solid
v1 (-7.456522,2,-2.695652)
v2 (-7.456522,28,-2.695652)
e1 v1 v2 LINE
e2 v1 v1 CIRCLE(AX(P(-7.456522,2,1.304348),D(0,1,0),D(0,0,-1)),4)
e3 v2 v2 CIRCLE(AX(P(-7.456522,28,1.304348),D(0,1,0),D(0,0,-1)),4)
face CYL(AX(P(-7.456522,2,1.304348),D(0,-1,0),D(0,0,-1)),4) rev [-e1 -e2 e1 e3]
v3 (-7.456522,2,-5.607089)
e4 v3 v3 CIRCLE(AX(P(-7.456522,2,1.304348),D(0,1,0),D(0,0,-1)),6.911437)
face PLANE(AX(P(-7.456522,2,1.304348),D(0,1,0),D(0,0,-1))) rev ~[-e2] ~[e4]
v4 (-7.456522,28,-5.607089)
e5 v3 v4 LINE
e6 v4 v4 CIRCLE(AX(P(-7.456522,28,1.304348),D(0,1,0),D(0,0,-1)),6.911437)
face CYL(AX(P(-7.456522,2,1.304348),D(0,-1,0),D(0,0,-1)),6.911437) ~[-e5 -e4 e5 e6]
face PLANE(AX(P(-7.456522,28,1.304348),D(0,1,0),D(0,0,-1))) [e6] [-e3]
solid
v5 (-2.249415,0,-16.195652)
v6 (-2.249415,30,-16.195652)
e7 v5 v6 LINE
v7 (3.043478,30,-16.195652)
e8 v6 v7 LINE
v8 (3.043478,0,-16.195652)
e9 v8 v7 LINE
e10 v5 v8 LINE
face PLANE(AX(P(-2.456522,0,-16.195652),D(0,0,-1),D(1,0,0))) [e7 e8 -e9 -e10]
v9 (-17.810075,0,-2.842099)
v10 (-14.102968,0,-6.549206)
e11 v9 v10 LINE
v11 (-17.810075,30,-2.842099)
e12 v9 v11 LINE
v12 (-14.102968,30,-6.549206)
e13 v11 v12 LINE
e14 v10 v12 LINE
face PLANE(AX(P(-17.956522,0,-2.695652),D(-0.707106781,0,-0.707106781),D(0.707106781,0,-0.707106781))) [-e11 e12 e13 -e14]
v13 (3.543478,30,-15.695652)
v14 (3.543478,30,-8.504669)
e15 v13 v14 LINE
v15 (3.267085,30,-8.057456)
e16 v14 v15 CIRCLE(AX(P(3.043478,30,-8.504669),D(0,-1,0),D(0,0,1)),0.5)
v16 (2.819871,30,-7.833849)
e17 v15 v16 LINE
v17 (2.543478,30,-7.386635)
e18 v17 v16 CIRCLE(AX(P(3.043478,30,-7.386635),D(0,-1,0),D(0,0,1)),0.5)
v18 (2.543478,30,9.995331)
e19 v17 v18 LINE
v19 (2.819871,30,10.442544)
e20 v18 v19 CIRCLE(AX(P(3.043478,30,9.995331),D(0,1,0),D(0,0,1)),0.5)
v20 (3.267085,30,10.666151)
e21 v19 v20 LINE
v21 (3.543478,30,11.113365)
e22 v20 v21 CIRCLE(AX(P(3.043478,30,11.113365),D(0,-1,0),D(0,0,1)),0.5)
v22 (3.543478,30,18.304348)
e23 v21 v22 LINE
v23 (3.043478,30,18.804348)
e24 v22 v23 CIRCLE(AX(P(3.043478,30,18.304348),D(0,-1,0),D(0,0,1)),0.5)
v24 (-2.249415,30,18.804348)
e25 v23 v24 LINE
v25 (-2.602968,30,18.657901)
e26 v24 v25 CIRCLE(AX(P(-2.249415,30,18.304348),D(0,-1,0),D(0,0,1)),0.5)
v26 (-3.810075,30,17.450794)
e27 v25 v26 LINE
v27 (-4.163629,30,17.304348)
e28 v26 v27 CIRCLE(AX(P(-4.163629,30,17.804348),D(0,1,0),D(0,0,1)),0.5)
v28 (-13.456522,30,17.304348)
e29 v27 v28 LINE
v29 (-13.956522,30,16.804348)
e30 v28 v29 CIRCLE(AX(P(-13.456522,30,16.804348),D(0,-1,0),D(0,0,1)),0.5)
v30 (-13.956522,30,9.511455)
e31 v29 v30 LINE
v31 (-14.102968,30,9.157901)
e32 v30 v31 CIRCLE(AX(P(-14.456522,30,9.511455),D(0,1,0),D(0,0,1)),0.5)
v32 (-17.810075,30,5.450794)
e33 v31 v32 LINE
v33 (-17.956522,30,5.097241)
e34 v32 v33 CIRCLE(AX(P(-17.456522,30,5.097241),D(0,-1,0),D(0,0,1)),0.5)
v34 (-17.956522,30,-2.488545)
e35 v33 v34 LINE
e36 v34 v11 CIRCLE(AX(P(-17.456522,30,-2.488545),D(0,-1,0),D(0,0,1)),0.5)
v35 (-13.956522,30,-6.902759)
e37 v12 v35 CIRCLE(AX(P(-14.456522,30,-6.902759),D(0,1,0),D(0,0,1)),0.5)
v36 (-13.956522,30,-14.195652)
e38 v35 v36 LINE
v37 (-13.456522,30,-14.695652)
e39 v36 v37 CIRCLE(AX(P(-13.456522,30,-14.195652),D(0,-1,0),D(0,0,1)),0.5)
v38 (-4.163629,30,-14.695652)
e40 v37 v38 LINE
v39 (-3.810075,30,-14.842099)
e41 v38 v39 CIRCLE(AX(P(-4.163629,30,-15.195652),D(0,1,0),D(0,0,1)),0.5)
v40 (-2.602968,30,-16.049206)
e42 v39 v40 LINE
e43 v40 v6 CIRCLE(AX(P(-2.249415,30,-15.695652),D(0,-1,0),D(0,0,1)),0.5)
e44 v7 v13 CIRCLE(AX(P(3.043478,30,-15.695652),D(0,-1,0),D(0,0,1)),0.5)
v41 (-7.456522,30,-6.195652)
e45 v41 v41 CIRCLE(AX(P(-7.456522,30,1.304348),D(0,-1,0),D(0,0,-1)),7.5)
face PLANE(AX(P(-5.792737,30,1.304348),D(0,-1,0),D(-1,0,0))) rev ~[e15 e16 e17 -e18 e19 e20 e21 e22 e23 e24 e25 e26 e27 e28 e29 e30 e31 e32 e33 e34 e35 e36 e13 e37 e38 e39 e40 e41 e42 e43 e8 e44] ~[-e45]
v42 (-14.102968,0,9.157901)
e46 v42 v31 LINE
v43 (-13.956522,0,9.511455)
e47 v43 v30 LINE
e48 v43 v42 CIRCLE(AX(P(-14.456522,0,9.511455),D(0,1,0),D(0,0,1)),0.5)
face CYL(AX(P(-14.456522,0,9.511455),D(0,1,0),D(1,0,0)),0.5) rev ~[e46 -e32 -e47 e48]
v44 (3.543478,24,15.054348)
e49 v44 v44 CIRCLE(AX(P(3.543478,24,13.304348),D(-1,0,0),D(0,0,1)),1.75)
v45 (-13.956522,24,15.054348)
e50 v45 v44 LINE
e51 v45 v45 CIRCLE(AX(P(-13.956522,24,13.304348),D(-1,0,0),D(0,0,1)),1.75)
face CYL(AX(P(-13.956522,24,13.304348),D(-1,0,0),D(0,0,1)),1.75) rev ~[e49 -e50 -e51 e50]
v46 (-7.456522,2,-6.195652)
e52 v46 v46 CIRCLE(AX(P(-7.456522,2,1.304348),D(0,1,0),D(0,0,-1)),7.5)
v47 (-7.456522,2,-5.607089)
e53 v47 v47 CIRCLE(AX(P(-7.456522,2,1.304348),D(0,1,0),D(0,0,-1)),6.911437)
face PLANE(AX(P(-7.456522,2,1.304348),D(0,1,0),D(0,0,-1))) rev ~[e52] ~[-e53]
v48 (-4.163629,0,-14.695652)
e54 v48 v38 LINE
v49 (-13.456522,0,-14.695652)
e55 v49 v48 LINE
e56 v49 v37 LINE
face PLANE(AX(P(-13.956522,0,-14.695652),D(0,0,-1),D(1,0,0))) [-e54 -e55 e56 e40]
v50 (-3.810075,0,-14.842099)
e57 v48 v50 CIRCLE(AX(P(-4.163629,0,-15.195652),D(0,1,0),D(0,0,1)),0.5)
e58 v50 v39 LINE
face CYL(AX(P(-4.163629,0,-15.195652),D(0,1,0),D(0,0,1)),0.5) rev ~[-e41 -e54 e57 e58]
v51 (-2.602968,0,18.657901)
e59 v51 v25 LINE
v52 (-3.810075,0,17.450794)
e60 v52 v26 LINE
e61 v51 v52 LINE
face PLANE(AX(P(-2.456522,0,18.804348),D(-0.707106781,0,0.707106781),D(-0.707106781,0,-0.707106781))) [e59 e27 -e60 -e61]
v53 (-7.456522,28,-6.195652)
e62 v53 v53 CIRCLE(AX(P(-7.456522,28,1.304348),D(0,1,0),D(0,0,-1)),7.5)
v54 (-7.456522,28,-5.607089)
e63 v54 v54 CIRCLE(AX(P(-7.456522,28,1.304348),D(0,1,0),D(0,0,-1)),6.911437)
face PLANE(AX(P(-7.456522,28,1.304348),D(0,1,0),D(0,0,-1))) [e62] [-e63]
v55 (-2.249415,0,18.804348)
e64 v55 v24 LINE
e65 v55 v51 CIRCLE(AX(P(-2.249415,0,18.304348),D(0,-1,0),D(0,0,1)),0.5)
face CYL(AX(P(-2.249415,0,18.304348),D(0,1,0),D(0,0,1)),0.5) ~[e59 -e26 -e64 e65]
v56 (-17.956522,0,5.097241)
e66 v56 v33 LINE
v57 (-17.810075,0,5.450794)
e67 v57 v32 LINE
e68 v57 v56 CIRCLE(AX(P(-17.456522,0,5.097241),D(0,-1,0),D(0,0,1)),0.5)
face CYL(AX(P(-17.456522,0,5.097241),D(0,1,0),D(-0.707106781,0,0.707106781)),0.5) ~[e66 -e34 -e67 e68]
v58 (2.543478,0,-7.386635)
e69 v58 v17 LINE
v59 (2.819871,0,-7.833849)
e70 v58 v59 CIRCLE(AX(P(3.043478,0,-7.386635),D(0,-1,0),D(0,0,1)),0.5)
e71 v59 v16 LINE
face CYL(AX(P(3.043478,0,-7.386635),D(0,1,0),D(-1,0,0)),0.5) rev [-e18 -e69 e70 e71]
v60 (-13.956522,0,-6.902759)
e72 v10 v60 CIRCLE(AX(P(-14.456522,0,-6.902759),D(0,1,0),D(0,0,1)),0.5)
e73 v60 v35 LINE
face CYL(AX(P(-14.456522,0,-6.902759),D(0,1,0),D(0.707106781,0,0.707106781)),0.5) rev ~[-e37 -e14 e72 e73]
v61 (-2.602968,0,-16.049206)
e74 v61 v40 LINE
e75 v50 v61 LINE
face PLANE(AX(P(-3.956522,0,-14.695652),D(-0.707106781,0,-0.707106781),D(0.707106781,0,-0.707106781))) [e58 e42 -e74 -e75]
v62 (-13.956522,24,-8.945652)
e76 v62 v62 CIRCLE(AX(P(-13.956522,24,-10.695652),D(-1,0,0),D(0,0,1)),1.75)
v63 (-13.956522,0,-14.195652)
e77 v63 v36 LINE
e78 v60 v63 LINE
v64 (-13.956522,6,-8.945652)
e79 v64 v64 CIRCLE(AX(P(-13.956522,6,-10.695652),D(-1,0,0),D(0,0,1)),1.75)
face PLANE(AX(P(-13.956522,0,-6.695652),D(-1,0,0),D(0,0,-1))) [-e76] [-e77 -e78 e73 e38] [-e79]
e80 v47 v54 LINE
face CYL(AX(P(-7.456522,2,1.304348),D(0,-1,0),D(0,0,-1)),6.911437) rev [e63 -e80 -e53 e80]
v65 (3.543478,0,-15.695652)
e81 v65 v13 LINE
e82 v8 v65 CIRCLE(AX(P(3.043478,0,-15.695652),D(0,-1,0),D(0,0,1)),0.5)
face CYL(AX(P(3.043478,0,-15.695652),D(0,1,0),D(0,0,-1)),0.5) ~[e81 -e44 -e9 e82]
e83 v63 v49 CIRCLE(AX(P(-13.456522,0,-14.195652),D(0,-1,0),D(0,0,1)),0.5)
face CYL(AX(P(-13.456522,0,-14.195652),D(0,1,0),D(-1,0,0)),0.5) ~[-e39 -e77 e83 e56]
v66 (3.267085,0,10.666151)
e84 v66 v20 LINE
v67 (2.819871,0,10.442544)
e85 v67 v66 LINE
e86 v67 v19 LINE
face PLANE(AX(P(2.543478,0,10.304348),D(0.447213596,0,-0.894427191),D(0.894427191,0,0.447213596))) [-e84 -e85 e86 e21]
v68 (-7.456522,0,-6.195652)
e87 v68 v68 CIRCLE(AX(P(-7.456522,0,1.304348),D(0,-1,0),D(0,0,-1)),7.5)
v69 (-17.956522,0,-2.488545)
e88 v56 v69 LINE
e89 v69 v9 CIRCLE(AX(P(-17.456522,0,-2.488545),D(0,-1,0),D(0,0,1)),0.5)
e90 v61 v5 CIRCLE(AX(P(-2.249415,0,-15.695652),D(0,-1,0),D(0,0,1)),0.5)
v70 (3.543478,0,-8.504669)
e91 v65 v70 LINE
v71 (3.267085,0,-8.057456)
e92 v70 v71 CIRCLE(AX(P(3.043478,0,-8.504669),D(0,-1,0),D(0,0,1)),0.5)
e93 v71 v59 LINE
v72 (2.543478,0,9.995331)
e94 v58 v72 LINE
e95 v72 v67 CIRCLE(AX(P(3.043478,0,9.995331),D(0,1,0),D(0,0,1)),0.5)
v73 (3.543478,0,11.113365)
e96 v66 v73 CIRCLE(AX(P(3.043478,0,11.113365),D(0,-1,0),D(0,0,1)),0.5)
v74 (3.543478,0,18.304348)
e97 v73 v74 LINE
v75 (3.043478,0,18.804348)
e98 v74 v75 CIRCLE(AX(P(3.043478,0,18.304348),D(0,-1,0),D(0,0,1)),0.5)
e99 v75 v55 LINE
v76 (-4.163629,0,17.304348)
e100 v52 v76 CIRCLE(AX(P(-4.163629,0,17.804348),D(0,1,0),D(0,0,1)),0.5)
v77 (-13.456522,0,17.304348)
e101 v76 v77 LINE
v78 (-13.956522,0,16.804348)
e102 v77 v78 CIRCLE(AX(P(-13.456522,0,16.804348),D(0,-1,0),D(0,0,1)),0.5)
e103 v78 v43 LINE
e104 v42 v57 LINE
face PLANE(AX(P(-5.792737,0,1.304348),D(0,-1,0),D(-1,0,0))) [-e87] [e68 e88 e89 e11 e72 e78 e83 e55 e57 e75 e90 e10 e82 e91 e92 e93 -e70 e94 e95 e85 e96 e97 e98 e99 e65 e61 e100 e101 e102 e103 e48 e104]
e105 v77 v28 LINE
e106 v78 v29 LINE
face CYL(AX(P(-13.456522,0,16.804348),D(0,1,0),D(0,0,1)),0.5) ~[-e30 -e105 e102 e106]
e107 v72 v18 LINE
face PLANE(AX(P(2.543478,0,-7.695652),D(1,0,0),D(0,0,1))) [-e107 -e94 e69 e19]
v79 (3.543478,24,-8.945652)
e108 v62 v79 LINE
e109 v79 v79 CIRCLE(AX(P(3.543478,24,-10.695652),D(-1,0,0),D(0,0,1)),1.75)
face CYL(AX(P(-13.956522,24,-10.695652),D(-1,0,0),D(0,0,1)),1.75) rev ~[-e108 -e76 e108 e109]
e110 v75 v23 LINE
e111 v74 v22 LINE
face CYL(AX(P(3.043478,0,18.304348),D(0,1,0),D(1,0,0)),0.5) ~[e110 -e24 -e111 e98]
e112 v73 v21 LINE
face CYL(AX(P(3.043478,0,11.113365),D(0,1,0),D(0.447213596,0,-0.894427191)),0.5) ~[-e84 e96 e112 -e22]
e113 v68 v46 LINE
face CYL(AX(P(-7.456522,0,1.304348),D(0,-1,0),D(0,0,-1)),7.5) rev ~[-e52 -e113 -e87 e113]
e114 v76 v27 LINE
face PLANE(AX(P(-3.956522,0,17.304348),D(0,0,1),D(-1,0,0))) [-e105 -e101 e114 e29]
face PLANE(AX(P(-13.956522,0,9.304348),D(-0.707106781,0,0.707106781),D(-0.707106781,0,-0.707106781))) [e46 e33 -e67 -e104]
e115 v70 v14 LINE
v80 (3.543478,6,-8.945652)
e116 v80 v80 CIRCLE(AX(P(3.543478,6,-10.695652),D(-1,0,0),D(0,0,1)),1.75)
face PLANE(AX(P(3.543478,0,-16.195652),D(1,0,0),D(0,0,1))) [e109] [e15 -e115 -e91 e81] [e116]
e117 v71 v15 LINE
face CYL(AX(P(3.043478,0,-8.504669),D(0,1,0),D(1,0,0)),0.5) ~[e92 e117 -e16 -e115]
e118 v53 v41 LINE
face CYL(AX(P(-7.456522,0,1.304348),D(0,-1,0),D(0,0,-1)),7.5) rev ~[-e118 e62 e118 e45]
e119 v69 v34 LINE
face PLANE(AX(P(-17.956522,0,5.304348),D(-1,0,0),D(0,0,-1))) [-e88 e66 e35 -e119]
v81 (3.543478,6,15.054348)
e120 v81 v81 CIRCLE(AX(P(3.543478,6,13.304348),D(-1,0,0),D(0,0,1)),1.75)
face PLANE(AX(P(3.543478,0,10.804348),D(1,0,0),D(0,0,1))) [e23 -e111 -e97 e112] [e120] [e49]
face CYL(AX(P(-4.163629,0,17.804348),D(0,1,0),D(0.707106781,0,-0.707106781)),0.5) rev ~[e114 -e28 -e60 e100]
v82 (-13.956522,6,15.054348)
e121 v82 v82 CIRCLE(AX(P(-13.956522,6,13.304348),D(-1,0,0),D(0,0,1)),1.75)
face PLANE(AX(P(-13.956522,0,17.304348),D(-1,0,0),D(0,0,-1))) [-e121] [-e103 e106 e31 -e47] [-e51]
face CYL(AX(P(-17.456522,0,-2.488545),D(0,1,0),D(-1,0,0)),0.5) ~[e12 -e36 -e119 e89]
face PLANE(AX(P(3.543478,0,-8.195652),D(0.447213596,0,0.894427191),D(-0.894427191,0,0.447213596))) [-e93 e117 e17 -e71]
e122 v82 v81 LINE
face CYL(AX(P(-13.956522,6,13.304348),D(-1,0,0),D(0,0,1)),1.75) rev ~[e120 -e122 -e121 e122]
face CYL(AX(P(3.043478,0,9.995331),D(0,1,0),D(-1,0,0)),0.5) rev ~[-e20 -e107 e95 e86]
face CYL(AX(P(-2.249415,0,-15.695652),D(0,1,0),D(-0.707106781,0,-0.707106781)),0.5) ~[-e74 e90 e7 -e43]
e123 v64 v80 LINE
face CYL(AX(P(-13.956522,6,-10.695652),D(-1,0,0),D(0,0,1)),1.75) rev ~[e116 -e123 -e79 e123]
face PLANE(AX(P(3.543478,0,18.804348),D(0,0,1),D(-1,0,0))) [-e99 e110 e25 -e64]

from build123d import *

# Parameters (mm, degrees)
BOSS_EXTRUDE1_DEPTH = 30
FILLET1_R           = 0.5
SKETCH2_R           = 7.5
CUT_EXTRUDE1_DEPTH  = 30
SKETCH4_R           = 7.5
SKETCH4_R_2         = 6.911436733
BOSS_EXTRUDE2_DEPTH = 26
SKETCH5_R           = 6.911436733
SKETCH5_R_2         = 4
BOSS_EXTRUDE3_DEPTH = 26
SKETCH6_R           = 1.75
CUT_EXTRUDE2_DEPTH  = 26


with BuildPart() as part:
    # Sketch1 → Boss-Extrude1 (new body)
    with BuildSketch(Plane(origin=(0, 0, 0), x_dir=(1, 0, 0), z_dir=(0, 1, 0))):
        Polygon((2.543478261, 7.695652174), (2.543478261, -10.304347826), (3.543478261, -10.804347826), (3.543478261, -18.804347826), (-2.456521739, -18.804347826), (-3.956521739, -17.304347826), (-13.956521739, -17.304347826), (-13.956521739, -9.304347826), (-17.956521739, -5.304347826), (-17.956521739, 2.695652174), (-13.956521739, 6.695652174), (-13.956521739, 14.695652174), (-3.956521739, 14.695652174), (-2.456521739, 16.195652174), (3.543478261, 16.195652174), (3.543478261, 8.195652174), align=None)
    extrude(amount=BOSS_EXTRUDE1_DEPTH)

    # Fillet1
    fillet1_edges = [part.edges().sort_by_distance(p)[0] for p in [
        (2.543478261, 15, 10.304347826),
        (3.543478261, 15, 10.804347826),
        (3.543478261, 15, 18.804347826),
        (-2.456521739, 15, 18.804347826),
        (-3.956521739, 15, 17.304347826),
        (-13.956521739, 15, 17.304347826),
        (-13.956521739, 15, 9.304347826),
        (-17.956521739, 15, 5.304347826),
        (-17.956521739, 15, -2.695652174),
        (-13.956521739, 15, -6.695652174),
        (-13.956521739, 15, -14.695652174),
        (-3.956521739, 15, -14.695652174),
        (-2.456521739, 15, -16.195652174),
        (3.543478261, 15, -16.195652174),
        (3.543478261, 15, -8.195652174),
        (2.543478261, 15, -7.695652174),
    ]]
    fillet(fillet1_edges, radius=FILLET1_R)

    # Sketch2 → Cut-Extrude1 (cut)
    with BuildSketch(Plane.XZ):
        with Locations(Location((-7.456521739, 1.304347826, 0), (0, 0, 270))):
            Circle(SKETCH2_R)
    extrude(amount=-CUT_EXTRUDE1_DEPTH, mode=Mode.SUBTRACT)

    # Sketch4 → Boss-Extrude2 (add)
    with BuildSketch(Plane(origin=(0, 2, 0), x_dir=(1, 0, 0), z_dir=(0, 1, 0))):
        with Locations(Location((-7.456521739, -1.304347826, 0), (0, 0, 90))):
            Circle(SKETCH4_R)
        with Locations(Location((-7.456521739, -1.304347826, 0), (0, 0, 90))):
            Circle(SKETCH4_R_2, mode=Mode.SUBTRACT)
    extrude(amount=BOSS_EXTRUDE2_DEPTH)

    # Sketch6 → Cut-Extrude2 (cut)
    with BuildSketch(Plane.ZY.offset(13.956521739)):
        with Locations((13.304347826, 24)):
            Circle(SKETCH6_R)
        with Locations((13.304347826, 6)):
            Circle(SKETCH6_R)
        with Locations((-10.695652174, 6)):
            Circle(SKETCH6_R)
        with Locations((-10.695652174, 24)):
            Circle(SKETCH6_R)
    extrude(amount=-CUT_EXTRUDE2_DEPTH, mode=Mode.SUBTRACT)


with BuildPart() as body_2:
    # Sketch5 → Boss-Extrude3 (new body)
    with BuildSketch(Plane(origin=(0, 2, 0), x_dir=(1, 0, 0), z_dir=(0, 1, 0))):
        with Locations(Location((-7.456521739, -1.304347826, 0), (0, 0, 90))):
            Circle(SKETCH5_R)
        with Locations(Location((-7.456521739, -1.304347826, 0), (0, 0, 90))):
            Circle(SKETCH5_R_2, mode=Mode.SUBTRACT)
    extrude(amount=BOSS_EXTRUDE3_DEPTH)


solid = Compound([part.part, body_2.part])
